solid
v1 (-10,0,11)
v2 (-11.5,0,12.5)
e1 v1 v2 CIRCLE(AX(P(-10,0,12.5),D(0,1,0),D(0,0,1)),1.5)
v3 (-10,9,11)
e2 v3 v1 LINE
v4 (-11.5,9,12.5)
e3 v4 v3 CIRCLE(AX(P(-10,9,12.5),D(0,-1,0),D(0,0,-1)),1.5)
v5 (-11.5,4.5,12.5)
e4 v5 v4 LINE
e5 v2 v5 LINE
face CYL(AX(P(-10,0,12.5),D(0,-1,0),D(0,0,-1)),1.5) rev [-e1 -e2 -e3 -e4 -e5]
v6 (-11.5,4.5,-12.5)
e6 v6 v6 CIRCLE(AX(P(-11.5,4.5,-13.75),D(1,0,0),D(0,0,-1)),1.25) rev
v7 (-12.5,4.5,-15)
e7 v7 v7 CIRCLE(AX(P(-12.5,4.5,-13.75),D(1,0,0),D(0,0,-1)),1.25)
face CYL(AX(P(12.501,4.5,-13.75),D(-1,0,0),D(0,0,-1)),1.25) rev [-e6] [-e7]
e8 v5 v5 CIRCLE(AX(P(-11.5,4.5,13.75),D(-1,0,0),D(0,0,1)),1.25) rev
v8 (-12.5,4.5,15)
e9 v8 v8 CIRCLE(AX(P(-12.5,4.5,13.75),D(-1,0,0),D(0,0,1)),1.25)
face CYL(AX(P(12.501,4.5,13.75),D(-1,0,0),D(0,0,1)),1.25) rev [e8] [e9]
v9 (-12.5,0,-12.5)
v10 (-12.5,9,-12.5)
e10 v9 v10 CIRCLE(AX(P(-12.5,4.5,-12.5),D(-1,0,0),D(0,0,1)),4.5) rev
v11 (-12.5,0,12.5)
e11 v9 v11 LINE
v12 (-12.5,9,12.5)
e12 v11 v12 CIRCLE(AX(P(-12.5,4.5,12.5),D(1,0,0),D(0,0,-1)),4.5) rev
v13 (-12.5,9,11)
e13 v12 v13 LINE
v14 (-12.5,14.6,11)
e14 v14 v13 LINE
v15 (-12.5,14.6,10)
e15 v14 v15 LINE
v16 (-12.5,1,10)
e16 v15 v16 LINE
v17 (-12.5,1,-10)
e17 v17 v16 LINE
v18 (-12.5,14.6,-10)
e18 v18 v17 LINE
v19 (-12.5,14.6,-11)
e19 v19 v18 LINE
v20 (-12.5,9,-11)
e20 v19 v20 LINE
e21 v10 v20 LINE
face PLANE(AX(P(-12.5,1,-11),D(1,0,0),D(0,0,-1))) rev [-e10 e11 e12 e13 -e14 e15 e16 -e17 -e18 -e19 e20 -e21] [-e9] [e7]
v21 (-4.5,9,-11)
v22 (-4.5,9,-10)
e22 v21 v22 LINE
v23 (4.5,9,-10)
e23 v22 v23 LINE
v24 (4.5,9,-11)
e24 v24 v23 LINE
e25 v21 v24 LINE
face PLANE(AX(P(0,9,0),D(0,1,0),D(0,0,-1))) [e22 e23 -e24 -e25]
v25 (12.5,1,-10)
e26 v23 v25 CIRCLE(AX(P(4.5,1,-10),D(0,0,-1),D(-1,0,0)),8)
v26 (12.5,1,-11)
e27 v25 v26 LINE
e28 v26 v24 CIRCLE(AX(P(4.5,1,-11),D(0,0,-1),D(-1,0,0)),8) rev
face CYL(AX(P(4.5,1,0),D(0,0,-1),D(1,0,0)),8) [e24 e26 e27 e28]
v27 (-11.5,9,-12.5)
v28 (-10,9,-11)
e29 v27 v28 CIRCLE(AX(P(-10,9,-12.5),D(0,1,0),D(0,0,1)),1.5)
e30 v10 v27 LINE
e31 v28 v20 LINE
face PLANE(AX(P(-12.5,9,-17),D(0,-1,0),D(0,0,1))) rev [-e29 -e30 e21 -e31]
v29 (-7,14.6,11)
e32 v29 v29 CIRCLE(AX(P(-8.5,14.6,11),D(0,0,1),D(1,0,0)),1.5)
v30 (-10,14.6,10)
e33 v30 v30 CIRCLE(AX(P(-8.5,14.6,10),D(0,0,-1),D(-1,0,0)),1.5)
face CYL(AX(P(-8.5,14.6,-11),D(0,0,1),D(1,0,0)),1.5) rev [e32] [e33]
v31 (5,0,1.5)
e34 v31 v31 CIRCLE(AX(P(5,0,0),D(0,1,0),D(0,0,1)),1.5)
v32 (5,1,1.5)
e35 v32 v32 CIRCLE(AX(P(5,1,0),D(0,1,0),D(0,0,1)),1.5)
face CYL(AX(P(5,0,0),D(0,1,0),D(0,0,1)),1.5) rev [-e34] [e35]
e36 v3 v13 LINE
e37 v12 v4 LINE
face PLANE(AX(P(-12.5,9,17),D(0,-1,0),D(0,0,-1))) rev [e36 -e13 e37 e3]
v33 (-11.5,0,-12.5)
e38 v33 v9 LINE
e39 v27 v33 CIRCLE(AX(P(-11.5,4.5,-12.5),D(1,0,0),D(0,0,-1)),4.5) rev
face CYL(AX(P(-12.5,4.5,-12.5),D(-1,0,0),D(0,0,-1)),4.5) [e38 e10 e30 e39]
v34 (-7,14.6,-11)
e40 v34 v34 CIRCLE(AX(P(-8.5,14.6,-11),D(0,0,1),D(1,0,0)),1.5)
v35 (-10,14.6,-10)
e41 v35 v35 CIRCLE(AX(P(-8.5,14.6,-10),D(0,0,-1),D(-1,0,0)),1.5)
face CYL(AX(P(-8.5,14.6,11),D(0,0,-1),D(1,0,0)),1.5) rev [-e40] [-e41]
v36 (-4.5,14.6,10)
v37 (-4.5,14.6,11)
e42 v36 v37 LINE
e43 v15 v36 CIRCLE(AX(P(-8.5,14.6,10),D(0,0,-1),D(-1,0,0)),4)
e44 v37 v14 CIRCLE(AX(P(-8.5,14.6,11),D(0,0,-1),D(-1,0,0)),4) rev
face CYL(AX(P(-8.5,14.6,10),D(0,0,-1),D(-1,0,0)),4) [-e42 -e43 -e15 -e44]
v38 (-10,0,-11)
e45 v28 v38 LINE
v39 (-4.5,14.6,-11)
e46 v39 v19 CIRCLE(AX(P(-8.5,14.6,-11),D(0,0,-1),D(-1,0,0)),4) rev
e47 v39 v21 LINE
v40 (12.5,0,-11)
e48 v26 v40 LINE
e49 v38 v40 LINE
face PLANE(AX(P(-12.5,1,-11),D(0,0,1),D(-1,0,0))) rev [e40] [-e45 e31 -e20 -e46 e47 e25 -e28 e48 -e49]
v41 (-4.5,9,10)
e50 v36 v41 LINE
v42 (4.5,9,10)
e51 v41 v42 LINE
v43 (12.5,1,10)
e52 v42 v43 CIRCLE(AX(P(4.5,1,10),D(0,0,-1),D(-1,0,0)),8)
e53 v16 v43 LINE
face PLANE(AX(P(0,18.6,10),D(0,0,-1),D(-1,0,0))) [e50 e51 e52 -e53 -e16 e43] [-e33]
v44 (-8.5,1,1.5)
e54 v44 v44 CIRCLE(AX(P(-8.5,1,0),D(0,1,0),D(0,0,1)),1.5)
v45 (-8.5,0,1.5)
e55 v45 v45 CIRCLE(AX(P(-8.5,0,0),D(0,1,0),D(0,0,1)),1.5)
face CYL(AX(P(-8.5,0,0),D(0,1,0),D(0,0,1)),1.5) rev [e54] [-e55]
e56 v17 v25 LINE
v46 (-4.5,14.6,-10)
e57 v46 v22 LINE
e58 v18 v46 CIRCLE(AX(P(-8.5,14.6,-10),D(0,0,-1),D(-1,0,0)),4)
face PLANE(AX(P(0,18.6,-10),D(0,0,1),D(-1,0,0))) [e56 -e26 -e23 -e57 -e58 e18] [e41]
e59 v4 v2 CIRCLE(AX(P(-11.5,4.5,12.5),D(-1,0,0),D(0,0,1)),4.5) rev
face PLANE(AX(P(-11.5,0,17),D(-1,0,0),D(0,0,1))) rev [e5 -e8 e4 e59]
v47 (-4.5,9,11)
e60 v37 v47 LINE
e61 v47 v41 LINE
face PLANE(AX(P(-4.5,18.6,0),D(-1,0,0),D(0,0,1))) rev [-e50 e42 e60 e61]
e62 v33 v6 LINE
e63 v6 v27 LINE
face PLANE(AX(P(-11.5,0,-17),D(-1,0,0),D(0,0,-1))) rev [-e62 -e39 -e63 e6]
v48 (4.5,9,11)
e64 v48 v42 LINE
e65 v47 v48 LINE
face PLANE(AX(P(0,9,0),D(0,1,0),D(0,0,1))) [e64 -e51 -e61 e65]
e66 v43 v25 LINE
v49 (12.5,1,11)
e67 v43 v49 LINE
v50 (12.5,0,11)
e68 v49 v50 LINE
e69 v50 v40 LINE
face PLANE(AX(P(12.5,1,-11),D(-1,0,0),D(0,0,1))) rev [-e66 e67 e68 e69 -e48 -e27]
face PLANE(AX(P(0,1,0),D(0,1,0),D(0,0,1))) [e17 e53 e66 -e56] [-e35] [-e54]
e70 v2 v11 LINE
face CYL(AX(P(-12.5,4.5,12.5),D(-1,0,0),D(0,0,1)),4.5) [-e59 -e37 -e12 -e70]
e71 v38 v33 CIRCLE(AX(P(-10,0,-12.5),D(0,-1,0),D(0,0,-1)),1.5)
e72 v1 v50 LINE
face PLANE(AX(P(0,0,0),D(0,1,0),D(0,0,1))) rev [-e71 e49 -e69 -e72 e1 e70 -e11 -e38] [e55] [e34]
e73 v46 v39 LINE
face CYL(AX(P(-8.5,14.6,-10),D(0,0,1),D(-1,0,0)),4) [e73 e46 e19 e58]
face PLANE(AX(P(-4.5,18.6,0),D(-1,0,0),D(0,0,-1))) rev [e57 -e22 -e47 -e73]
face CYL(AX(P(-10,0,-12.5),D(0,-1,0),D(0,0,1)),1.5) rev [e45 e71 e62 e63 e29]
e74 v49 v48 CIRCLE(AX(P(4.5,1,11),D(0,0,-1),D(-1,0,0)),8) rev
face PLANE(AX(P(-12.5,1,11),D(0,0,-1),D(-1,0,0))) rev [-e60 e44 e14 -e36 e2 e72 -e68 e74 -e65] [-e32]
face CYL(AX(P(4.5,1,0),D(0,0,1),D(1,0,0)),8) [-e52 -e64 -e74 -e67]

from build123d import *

# Parameters (mm, degrees)
CROQUIS1_W              = 25
CROQUIS1_H              = 22
SALIENTE_EXTRUIR1_DEPTH = 1
CROQUIS2_W              = 8
CROQUIS2_H              = 1
SALIENTE_EXTRUIR2_DEPTH = 17.6
CROQUIS2_3_W            = 17
CROQUIS2_3_H            = 1
SALIENTE_EXTRUIR3_DEPTH = 8
REDONDEO2_RADIUS        = 4
REDONDEO2_LENGTH        = 1
REDONDEO3_R             = 8
REDONDEO4_RADIUS        = 4
REDONDEO4_LENGTH        = 1
CROQUIS4_R              = 1.5
CORTAR_EXTRUIR1_DEPTH   = 32.403980639
CROQUIS5_R              = 1.5
CORTAR_EXTRUIR2_DEPTH   = 25.22828925
CROQUIS6_W              = 1
CROQUIS6_H              = 9
SALIENTE_EXTRUIR4_DEPTH = 6
REDONDEO5_RADIUS        = 4.5
REDONDEO5_LENGTH        = 1
REDONDEO6_R             = 1.5
CORTAR_EXTRUIR3_REACH   = 37.496
CROQUIS7_R              = 1.25
CROQUIS8_W              = 25
CROQUIS8_H              = 11
CORTAR_EXTRUIR4_DEPTH   = 29.128455343


with BuildPart() as part:
    # Croquis1 → Saliente-Extruir1 (new body)
    with BuildSketch(Plane(origin=(0, 0, 0), x_dir=(1, 0, 0), z_dir=(0, 1, 0))):
        Rectangle(CROQUIS1_W, CROQUIS1_H)
    extrude(amount=SALIENTE_EXTRUIR1_DEPTH)

    # Croquis2 → Saliente-Extruir2 (add)
    with BuildSketch(Plane(origin=(0, 1, 0), x_dir=(1, 0, 0), z_dir=(0, 1, 0))):
        with Locations((-8.5, -10.5)):
            Rectangle(CROQUIS2_W, CROQUIS2_H)
        with Locations((-8.5, 10.5)):
            Rectangle(CROQUIS2_W, CROQUIS2_H)
    extrude(amount=SALIENTE_EXTRUIR2_DEPTH)

    # Croquis2<3> → Saliente-Extruir3 (add)
    with BuildSketch(Plane(origin=(0, 1, 0), x_dir=(1, 0, 0), z_dir=(0, 1, 0))):
        with Locations((4, 10.5)):
            Rectangle(CROQUIS2_3_W, CROQUIS2_3_H)
        with Locations((4, -10.5)):
            Rectangle(CROQUIS2_3_W, CROQUIS2_3_H)
    extrude(amount=SALIENTE_EXTRUIR3_DEPTH)

    # Redondeo2: full round fillet: the end face becomes a half cylinder, R = half its width
    redondeo2_face = Plane((-8.5, 18.6, 10.5), x_dir=(0, 0, -1), z_dir=(0, 1, 0))  # on the end face: x along it, z out of the body
    redondeo2_slab = redondeo2_face.offset(-REDONDEO2_RADIUS / 2) * Box(REDONDEO2_LENGTH, 2 * REDONDEO2_RADIUS, REDONDEO2_RADIUS, mode=Mode.PRIVATE)  # the body's end, R deep
    redondeo2_round = Plane((-8.5, 14.6, 10.5), x_dir=(0, 1, 0), z_dir=(0, 0, -1)) * Cylinder(REDONDEO2_RADIUS, REDONDEO2_LENGTH, mode=Mode.PRIVATE)  # its axis R under the face
    add(redondeo2_slab - redondeo2_round, mode=Mode.SUBTRACT)

    # Redondeo3
    redondeo3_edges = [part.edges().sort_by_distance(p)[0] for p in [
        (12.5, 9, 10.5),
        (12.5, 9, -10.5),
    ]]
    fillet(redondeo3_edges, radius=REDONDEO3_R)

    # Redondeo4: full round fillet: the end face becomes a half cylinder, R = half its width
    redondeo4_face = Plane((-8.5, 18.6, -10.5), x_dir=(0, 0, -1), z_dir=(0, 1, 0))  # on the end face: x along it, z out of the body
    redondeo4_slab = redondeo4_face.offset(-REDONDEO4_RADIUS / 2) * Box(REDONDEO4_LENGTH, 2 * REDONDEO4_RADIUS, REDONDEO4_RADIUS, mode=Mode.PRIVATE)  # the body's end, R deep
    redondeo4_round = Plane((-8.5, 14.6, -10.5), x_dir=(0, 1, 0), z_dir=(0, 0, -1)) * Cylinder(REDONDEO4_RADIUS, REDONDEO4_LENGTH, mode=Mode.PRIVATE)  # its axis R under the face
    add(redondeo4_slab - redondeo4_round, mode=Mode.SUBTRACT)

    # Croquis4 → Cortar-Extruir1 (cut, through all)
    with BuildSketch(Plane.XY.offset(11)):
        with Locations((-8.5, 14.6)):
            Circle(CROQUIS4_R)
    extrude(amount=-CORTAR_EXTRUIR1_DEPTH, mode=Mode.SUBTRACT)

    # Croquis5 → Cortar-Extruir2 (cut, through all)
    with BuildSketch(Plane(origin=(0, 1, 0), x_dir=(1, 0, 0), z_dir=(0, 1, 0))):
        with Locations(Location((5, 0, 0), (0, 0, 270))):
            Circle(CROQUIS5_R)
        with Locations(Location((-8.5, 0, 0), (0, 0, 270))):
            Circle(CROQUIS5_R)
    extrude(amount=-CORTAR_EXTRUIR2_DEPTH, mode=Mode.SUBTRACT)

    # Croquis6 → Saliente-Extruir4 (add)
    with BuildSketch(Plane.XY.offset(11)):
        with Locations((-12, 4.5)):
            Rectangle(CROQUIS6_W, CROQUIS6_H)
    extrude(amount=SALIENTE_EXTRUIR4_DEPTH)

    # Redondeo5: full round fillet: the end face becomes a half cylinder, R = half its width
    redondeo5_face = Plane((-12, 4.5, 17), x_dir=(1, 0, 0), z_dir=(0, 0, 1))  # on the end face: x along it, z out of the body
    redondeo5_slab = redondeo5_face.offset(-REDONDEO5_RADIUS / 2) * Box(REDONDEO5_LENGTH, 2 * REDONDEO5_RADIUS, REDONDEO5_RADIUS, mode=Mode.PRIVATE)  # the body's end, R deep
    redondeo5_round = Plane((-12, 4.5, 12.5), x_dir=(0, 0, 1), z_dir=(1, 0, 0)) * Cylinder(REDONDEO5_RADIUS, REDONDEO5_LENGTH, mode=Mode.PRIVATE)  # its axis R under the face
    add(redondeo5_slab - redondeo5_round, mode=Mode.SUBTRACT)

    # Redondeo6
    redondeo6_edges = [part.edges().sort_by_distance(p)[0] for p in [
        (-11.5, 4.5, 11),
    ]]
    fillet(redondeo6_edges, radius=REDONDEO6_R)

    # Croquis7 → Cortar-Extruir3 (cut, up to next)
    with BuildSketch(Plane.ZY.offset(12.5), mode=Mode.PRIVATE) as cortar_extruir3_sk1:
        with Locations((13.75, 4.5)):
            Circle(CROQUIS7_R)
    cortar_extruir3_tool1 = extrude(cortar_extruir3_sk1.sketch, amount=-CORTAR_EXTRUIR3_REACH, mode=Mode.PRIVATE) & part.part
    add(cortar_extruir3_tool1.solids().sort_by_distance((-12.5, 4.5, 13.75))[0], mode=Mode.SUBTRACT)

    # Croquis8 → Cortar-Extruir4 (cut, through all)
    with BuildSketch(Plane.XZ):
        with Locations((0, -5.5)):
            Rectangle(CROQUIS8_W, CROQUIS8_H)
    extrude(amount=-CORTAR_EXTRUIR4_DEPTH, mode=Mode.SUBTRACT)

    # Simetría1: part across plane


with BuildPart() as part_1:
    add(part.part)
    add(part.part.mirror(Plane.XY))


solid = part_1.part
